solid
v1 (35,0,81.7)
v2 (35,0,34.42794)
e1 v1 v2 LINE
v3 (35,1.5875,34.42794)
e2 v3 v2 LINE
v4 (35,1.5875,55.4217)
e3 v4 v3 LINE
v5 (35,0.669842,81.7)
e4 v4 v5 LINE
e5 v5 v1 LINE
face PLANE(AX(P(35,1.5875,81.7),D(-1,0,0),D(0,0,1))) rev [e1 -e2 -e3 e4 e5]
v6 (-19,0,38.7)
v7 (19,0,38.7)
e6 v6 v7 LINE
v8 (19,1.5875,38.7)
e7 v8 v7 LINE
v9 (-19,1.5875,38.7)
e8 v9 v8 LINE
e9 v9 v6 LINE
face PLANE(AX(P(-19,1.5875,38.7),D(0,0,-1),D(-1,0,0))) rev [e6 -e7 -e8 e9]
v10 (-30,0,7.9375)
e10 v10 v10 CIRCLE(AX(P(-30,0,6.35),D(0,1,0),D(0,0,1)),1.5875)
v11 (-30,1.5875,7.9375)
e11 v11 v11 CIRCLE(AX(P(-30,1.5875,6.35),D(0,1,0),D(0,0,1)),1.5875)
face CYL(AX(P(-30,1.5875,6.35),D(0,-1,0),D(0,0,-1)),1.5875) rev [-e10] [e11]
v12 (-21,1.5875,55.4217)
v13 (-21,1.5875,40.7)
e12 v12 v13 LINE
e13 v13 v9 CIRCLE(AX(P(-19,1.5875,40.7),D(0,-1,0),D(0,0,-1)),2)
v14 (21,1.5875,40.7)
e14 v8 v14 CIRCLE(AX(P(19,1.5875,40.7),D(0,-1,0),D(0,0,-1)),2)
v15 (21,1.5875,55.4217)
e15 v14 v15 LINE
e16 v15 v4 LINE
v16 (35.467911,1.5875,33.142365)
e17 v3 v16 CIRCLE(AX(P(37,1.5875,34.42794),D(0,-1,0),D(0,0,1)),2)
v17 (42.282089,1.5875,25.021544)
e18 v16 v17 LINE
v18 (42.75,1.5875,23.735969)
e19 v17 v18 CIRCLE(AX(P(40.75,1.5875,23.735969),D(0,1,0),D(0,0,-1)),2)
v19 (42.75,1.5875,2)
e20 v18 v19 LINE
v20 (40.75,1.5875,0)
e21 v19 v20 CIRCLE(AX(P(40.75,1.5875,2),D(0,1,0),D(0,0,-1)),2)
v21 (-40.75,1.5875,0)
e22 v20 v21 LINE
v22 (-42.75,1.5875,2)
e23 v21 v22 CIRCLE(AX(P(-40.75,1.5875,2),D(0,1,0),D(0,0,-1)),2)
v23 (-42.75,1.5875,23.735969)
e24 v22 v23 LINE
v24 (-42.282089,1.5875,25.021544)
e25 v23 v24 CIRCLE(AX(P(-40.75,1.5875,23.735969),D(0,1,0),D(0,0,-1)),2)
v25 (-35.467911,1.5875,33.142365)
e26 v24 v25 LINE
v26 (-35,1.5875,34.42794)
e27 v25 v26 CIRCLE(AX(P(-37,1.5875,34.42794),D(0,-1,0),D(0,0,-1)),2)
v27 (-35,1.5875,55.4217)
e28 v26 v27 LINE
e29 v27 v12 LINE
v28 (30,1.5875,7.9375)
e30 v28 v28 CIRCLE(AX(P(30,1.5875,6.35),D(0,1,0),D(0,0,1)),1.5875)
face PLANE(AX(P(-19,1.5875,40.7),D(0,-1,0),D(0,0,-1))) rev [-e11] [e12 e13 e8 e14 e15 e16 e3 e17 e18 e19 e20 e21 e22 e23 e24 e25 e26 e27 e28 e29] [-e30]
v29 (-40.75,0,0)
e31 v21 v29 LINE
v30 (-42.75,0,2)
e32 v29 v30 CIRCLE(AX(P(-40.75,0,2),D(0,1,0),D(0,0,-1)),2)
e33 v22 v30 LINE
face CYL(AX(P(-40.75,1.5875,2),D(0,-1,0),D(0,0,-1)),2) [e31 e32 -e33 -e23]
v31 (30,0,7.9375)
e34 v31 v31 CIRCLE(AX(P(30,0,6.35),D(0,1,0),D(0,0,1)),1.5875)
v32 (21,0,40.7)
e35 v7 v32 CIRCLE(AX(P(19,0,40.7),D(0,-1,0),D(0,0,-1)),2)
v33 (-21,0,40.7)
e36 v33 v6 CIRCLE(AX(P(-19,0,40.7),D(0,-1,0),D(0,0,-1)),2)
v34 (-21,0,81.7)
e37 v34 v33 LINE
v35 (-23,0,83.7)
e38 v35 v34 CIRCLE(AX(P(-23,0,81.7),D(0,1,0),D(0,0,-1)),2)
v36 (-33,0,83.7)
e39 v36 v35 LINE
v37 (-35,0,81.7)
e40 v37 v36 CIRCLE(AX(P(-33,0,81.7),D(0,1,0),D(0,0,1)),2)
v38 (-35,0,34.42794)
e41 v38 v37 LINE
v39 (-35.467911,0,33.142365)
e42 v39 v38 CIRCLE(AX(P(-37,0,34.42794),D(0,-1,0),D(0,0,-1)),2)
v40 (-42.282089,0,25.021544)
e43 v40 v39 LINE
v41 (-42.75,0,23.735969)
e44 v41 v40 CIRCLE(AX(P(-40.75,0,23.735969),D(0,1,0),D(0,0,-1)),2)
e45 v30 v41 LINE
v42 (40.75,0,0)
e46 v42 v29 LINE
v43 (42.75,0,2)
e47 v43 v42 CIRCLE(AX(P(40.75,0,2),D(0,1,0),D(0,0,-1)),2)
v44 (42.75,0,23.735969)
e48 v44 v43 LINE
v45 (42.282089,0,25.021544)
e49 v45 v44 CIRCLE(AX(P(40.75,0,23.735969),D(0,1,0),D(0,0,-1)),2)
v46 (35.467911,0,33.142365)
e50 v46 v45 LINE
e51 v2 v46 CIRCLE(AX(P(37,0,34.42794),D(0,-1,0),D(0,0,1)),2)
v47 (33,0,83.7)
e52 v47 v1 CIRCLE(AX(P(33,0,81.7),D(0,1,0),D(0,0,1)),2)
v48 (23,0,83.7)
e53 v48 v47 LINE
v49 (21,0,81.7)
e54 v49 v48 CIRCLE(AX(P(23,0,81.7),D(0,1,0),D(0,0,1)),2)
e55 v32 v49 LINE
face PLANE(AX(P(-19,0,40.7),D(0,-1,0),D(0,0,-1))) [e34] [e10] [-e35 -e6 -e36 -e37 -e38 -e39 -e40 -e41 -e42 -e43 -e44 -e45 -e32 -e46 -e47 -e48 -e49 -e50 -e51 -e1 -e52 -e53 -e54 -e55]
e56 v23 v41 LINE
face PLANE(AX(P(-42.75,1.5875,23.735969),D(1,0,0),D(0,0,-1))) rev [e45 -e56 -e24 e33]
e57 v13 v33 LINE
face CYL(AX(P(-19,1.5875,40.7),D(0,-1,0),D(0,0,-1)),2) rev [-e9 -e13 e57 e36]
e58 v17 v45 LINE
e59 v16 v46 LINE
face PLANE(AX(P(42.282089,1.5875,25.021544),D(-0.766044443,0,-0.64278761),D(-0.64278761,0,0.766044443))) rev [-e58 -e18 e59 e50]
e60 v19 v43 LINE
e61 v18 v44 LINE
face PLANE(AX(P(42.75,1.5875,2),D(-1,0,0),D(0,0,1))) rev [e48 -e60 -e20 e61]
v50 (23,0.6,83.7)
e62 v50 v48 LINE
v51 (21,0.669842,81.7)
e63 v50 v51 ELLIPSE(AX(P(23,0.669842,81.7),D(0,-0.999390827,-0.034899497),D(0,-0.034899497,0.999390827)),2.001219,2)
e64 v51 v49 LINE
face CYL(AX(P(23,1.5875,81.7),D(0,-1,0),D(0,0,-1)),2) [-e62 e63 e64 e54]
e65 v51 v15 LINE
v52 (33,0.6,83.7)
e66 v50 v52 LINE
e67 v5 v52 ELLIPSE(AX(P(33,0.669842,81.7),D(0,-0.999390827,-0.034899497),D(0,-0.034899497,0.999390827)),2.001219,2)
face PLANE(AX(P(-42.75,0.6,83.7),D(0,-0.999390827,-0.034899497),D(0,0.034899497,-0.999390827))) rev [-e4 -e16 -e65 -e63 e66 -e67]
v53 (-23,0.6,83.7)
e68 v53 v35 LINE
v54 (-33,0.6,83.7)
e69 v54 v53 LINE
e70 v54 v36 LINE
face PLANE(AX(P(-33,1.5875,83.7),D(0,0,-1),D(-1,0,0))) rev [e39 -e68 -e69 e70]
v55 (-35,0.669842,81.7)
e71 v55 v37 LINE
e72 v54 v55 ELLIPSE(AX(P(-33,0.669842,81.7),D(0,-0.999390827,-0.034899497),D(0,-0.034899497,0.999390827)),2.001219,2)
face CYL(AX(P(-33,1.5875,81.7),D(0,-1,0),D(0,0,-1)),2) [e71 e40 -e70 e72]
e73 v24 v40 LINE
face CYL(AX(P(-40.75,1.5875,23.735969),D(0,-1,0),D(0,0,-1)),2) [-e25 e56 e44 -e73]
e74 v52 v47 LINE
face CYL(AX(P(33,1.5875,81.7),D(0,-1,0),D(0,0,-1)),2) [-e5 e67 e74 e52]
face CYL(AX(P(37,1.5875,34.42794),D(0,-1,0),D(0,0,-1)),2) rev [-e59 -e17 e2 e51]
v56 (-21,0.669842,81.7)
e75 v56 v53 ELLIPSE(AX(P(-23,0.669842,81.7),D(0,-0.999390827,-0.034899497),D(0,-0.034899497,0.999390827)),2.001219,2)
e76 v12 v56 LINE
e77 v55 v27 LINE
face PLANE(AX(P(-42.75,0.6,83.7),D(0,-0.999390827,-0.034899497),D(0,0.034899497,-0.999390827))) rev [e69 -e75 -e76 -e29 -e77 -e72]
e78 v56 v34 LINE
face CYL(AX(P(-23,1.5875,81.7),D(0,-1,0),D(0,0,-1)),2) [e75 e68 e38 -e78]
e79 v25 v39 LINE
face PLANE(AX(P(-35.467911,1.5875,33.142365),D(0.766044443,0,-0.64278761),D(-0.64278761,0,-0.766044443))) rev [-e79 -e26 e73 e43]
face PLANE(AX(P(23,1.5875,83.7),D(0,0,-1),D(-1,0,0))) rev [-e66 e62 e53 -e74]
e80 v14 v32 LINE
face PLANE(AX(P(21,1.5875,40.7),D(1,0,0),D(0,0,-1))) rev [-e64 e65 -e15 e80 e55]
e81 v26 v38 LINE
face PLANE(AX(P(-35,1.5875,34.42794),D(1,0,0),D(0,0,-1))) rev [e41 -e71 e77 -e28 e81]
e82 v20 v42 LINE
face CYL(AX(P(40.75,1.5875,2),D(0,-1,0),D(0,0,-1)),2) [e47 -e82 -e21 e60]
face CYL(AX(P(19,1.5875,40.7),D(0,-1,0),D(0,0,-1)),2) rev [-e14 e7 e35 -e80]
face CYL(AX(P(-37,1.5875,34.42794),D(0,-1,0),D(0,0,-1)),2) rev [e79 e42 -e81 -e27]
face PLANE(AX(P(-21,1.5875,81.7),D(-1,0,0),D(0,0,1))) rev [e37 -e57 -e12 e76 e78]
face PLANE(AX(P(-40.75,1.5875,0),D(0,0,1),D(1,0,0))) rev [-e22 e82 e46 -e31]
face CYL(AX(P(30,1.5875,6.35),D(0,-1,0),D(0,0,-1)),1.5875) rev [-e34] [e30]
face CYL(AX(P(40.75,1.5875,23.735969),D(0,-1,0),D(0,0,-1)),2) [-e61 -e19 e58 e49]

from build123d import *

# Parameters (mm, degrees)
SKETCH1_R           = 1.5875
BOSS_EXTRUDE1_DEPTH = 1.5875
CUT_EXTRUDE2_DEPTH  = 116.621246561


with BuildPart() as part:
    # Sketch1 → Boss-Extrude1 (new body)
    with BuildSketch(Plane(origin=(0, 0, 0), x_dir=(1, 0, 0), z_dir=(0, 1, 0))):
        with BuildLine():
            Line((-35, -34.427940469), (-35, -81.7))
            ThreePointArc((-35, -81.7), (-34.414213562, -83.114213562), (-33, -83.7))
            Line((-33, -83.7), (-23, -83.7))
            ThreePointArc((-23, -83.7), (-21.585786438, -83.114213562), (-21, -81.7))
            Line((-21, -81.7), (-21, -40.7))
            ThreePointArc((-21, -40.7), (-20.414213562, -39.285786438), (-19, -38.7))
            Line((-19, -38.7), (19, -38.7))
            ThreePointArc((19, -38.7), (20.414213562, -39.285786438), (21, -40.7))
            Line((21, -40.7), (21, -81.7))
            ThreePointArc((21, -81.7), (21.585786438, -83.114213562), (23, -83.7))
            Line((23, -83.7), (33, -83.7))
            ThreePointArc((33, -83.7), (34.414213562, -83.114213562), (35, -81.7))
            Line((35, -81.7), (35, -34.427940469))
            ThreePointArc((35, -34.427940469), (35.120614758, -33.743900182), (35.467911114, -33.142365249))
            Line((35.467911114, -33.142365249), (42.282088886, -25.021544408))
            ThreePointArc((42.282088886, -25.021544408), (42.629385242, -24.420009476), (42.75, -23.735969189))
            Line((42.75, -23.735969189), (42.75, -2))
            ThreePointArc((42.75, -2), (42.164213562, -0.585786438), (40.75, 0))
            Line((40.75, 0), (-40.75, 0))
            ThreePointArc((-40.75, 0), (-42.164213562, -0.585786438), (-42.75, -2))
            Line((-42.75, -2), (-42.75, -23.735969189))
            ThreePointArc((-42.75, -23.735969189), (-42.629385242, -24.420009476), (-42.282088886, -25.021544408))
            Line((-42.282088886, -25.021544408), (-35.467911114, -33.142365249))
            ThreePointArc((-35.467911114, -33.142365249), (-35.120614758, -33.743900182), (-35, -34.427940469))
        make_face()
        with Locations(Location((-30, -6.35, 0), (0, 0, 270))):
            Circle(SKETCH1_R, mode=Mode.SUBTRACT)
        with Locations(Location((30, -6.35, 0), (0, 0, 270))):
            Circle(SKETCH1_R, mode=Mode.SUBTRACT)
    extrude(amount=BOSS_EXTRUDE1_DEPTH)

    # Sketch3 → Cut-Extrude2 (cut, through all)
    with BuildSketch(Plane(origin=(37, 0, 0), x_dir=(0, 0, -1), z_dir=(1, 0, 0))):
        Polygon((-81.7, 1.5875), (-55.421699883, 1.5875), (-83.7, 0.6), (-83.7, 1.5875), align=None)
    extrude(amount=-CUT_EXTRUDE2_DEPTH, mode=Mode.SUBTRACT)


solid = part.part
